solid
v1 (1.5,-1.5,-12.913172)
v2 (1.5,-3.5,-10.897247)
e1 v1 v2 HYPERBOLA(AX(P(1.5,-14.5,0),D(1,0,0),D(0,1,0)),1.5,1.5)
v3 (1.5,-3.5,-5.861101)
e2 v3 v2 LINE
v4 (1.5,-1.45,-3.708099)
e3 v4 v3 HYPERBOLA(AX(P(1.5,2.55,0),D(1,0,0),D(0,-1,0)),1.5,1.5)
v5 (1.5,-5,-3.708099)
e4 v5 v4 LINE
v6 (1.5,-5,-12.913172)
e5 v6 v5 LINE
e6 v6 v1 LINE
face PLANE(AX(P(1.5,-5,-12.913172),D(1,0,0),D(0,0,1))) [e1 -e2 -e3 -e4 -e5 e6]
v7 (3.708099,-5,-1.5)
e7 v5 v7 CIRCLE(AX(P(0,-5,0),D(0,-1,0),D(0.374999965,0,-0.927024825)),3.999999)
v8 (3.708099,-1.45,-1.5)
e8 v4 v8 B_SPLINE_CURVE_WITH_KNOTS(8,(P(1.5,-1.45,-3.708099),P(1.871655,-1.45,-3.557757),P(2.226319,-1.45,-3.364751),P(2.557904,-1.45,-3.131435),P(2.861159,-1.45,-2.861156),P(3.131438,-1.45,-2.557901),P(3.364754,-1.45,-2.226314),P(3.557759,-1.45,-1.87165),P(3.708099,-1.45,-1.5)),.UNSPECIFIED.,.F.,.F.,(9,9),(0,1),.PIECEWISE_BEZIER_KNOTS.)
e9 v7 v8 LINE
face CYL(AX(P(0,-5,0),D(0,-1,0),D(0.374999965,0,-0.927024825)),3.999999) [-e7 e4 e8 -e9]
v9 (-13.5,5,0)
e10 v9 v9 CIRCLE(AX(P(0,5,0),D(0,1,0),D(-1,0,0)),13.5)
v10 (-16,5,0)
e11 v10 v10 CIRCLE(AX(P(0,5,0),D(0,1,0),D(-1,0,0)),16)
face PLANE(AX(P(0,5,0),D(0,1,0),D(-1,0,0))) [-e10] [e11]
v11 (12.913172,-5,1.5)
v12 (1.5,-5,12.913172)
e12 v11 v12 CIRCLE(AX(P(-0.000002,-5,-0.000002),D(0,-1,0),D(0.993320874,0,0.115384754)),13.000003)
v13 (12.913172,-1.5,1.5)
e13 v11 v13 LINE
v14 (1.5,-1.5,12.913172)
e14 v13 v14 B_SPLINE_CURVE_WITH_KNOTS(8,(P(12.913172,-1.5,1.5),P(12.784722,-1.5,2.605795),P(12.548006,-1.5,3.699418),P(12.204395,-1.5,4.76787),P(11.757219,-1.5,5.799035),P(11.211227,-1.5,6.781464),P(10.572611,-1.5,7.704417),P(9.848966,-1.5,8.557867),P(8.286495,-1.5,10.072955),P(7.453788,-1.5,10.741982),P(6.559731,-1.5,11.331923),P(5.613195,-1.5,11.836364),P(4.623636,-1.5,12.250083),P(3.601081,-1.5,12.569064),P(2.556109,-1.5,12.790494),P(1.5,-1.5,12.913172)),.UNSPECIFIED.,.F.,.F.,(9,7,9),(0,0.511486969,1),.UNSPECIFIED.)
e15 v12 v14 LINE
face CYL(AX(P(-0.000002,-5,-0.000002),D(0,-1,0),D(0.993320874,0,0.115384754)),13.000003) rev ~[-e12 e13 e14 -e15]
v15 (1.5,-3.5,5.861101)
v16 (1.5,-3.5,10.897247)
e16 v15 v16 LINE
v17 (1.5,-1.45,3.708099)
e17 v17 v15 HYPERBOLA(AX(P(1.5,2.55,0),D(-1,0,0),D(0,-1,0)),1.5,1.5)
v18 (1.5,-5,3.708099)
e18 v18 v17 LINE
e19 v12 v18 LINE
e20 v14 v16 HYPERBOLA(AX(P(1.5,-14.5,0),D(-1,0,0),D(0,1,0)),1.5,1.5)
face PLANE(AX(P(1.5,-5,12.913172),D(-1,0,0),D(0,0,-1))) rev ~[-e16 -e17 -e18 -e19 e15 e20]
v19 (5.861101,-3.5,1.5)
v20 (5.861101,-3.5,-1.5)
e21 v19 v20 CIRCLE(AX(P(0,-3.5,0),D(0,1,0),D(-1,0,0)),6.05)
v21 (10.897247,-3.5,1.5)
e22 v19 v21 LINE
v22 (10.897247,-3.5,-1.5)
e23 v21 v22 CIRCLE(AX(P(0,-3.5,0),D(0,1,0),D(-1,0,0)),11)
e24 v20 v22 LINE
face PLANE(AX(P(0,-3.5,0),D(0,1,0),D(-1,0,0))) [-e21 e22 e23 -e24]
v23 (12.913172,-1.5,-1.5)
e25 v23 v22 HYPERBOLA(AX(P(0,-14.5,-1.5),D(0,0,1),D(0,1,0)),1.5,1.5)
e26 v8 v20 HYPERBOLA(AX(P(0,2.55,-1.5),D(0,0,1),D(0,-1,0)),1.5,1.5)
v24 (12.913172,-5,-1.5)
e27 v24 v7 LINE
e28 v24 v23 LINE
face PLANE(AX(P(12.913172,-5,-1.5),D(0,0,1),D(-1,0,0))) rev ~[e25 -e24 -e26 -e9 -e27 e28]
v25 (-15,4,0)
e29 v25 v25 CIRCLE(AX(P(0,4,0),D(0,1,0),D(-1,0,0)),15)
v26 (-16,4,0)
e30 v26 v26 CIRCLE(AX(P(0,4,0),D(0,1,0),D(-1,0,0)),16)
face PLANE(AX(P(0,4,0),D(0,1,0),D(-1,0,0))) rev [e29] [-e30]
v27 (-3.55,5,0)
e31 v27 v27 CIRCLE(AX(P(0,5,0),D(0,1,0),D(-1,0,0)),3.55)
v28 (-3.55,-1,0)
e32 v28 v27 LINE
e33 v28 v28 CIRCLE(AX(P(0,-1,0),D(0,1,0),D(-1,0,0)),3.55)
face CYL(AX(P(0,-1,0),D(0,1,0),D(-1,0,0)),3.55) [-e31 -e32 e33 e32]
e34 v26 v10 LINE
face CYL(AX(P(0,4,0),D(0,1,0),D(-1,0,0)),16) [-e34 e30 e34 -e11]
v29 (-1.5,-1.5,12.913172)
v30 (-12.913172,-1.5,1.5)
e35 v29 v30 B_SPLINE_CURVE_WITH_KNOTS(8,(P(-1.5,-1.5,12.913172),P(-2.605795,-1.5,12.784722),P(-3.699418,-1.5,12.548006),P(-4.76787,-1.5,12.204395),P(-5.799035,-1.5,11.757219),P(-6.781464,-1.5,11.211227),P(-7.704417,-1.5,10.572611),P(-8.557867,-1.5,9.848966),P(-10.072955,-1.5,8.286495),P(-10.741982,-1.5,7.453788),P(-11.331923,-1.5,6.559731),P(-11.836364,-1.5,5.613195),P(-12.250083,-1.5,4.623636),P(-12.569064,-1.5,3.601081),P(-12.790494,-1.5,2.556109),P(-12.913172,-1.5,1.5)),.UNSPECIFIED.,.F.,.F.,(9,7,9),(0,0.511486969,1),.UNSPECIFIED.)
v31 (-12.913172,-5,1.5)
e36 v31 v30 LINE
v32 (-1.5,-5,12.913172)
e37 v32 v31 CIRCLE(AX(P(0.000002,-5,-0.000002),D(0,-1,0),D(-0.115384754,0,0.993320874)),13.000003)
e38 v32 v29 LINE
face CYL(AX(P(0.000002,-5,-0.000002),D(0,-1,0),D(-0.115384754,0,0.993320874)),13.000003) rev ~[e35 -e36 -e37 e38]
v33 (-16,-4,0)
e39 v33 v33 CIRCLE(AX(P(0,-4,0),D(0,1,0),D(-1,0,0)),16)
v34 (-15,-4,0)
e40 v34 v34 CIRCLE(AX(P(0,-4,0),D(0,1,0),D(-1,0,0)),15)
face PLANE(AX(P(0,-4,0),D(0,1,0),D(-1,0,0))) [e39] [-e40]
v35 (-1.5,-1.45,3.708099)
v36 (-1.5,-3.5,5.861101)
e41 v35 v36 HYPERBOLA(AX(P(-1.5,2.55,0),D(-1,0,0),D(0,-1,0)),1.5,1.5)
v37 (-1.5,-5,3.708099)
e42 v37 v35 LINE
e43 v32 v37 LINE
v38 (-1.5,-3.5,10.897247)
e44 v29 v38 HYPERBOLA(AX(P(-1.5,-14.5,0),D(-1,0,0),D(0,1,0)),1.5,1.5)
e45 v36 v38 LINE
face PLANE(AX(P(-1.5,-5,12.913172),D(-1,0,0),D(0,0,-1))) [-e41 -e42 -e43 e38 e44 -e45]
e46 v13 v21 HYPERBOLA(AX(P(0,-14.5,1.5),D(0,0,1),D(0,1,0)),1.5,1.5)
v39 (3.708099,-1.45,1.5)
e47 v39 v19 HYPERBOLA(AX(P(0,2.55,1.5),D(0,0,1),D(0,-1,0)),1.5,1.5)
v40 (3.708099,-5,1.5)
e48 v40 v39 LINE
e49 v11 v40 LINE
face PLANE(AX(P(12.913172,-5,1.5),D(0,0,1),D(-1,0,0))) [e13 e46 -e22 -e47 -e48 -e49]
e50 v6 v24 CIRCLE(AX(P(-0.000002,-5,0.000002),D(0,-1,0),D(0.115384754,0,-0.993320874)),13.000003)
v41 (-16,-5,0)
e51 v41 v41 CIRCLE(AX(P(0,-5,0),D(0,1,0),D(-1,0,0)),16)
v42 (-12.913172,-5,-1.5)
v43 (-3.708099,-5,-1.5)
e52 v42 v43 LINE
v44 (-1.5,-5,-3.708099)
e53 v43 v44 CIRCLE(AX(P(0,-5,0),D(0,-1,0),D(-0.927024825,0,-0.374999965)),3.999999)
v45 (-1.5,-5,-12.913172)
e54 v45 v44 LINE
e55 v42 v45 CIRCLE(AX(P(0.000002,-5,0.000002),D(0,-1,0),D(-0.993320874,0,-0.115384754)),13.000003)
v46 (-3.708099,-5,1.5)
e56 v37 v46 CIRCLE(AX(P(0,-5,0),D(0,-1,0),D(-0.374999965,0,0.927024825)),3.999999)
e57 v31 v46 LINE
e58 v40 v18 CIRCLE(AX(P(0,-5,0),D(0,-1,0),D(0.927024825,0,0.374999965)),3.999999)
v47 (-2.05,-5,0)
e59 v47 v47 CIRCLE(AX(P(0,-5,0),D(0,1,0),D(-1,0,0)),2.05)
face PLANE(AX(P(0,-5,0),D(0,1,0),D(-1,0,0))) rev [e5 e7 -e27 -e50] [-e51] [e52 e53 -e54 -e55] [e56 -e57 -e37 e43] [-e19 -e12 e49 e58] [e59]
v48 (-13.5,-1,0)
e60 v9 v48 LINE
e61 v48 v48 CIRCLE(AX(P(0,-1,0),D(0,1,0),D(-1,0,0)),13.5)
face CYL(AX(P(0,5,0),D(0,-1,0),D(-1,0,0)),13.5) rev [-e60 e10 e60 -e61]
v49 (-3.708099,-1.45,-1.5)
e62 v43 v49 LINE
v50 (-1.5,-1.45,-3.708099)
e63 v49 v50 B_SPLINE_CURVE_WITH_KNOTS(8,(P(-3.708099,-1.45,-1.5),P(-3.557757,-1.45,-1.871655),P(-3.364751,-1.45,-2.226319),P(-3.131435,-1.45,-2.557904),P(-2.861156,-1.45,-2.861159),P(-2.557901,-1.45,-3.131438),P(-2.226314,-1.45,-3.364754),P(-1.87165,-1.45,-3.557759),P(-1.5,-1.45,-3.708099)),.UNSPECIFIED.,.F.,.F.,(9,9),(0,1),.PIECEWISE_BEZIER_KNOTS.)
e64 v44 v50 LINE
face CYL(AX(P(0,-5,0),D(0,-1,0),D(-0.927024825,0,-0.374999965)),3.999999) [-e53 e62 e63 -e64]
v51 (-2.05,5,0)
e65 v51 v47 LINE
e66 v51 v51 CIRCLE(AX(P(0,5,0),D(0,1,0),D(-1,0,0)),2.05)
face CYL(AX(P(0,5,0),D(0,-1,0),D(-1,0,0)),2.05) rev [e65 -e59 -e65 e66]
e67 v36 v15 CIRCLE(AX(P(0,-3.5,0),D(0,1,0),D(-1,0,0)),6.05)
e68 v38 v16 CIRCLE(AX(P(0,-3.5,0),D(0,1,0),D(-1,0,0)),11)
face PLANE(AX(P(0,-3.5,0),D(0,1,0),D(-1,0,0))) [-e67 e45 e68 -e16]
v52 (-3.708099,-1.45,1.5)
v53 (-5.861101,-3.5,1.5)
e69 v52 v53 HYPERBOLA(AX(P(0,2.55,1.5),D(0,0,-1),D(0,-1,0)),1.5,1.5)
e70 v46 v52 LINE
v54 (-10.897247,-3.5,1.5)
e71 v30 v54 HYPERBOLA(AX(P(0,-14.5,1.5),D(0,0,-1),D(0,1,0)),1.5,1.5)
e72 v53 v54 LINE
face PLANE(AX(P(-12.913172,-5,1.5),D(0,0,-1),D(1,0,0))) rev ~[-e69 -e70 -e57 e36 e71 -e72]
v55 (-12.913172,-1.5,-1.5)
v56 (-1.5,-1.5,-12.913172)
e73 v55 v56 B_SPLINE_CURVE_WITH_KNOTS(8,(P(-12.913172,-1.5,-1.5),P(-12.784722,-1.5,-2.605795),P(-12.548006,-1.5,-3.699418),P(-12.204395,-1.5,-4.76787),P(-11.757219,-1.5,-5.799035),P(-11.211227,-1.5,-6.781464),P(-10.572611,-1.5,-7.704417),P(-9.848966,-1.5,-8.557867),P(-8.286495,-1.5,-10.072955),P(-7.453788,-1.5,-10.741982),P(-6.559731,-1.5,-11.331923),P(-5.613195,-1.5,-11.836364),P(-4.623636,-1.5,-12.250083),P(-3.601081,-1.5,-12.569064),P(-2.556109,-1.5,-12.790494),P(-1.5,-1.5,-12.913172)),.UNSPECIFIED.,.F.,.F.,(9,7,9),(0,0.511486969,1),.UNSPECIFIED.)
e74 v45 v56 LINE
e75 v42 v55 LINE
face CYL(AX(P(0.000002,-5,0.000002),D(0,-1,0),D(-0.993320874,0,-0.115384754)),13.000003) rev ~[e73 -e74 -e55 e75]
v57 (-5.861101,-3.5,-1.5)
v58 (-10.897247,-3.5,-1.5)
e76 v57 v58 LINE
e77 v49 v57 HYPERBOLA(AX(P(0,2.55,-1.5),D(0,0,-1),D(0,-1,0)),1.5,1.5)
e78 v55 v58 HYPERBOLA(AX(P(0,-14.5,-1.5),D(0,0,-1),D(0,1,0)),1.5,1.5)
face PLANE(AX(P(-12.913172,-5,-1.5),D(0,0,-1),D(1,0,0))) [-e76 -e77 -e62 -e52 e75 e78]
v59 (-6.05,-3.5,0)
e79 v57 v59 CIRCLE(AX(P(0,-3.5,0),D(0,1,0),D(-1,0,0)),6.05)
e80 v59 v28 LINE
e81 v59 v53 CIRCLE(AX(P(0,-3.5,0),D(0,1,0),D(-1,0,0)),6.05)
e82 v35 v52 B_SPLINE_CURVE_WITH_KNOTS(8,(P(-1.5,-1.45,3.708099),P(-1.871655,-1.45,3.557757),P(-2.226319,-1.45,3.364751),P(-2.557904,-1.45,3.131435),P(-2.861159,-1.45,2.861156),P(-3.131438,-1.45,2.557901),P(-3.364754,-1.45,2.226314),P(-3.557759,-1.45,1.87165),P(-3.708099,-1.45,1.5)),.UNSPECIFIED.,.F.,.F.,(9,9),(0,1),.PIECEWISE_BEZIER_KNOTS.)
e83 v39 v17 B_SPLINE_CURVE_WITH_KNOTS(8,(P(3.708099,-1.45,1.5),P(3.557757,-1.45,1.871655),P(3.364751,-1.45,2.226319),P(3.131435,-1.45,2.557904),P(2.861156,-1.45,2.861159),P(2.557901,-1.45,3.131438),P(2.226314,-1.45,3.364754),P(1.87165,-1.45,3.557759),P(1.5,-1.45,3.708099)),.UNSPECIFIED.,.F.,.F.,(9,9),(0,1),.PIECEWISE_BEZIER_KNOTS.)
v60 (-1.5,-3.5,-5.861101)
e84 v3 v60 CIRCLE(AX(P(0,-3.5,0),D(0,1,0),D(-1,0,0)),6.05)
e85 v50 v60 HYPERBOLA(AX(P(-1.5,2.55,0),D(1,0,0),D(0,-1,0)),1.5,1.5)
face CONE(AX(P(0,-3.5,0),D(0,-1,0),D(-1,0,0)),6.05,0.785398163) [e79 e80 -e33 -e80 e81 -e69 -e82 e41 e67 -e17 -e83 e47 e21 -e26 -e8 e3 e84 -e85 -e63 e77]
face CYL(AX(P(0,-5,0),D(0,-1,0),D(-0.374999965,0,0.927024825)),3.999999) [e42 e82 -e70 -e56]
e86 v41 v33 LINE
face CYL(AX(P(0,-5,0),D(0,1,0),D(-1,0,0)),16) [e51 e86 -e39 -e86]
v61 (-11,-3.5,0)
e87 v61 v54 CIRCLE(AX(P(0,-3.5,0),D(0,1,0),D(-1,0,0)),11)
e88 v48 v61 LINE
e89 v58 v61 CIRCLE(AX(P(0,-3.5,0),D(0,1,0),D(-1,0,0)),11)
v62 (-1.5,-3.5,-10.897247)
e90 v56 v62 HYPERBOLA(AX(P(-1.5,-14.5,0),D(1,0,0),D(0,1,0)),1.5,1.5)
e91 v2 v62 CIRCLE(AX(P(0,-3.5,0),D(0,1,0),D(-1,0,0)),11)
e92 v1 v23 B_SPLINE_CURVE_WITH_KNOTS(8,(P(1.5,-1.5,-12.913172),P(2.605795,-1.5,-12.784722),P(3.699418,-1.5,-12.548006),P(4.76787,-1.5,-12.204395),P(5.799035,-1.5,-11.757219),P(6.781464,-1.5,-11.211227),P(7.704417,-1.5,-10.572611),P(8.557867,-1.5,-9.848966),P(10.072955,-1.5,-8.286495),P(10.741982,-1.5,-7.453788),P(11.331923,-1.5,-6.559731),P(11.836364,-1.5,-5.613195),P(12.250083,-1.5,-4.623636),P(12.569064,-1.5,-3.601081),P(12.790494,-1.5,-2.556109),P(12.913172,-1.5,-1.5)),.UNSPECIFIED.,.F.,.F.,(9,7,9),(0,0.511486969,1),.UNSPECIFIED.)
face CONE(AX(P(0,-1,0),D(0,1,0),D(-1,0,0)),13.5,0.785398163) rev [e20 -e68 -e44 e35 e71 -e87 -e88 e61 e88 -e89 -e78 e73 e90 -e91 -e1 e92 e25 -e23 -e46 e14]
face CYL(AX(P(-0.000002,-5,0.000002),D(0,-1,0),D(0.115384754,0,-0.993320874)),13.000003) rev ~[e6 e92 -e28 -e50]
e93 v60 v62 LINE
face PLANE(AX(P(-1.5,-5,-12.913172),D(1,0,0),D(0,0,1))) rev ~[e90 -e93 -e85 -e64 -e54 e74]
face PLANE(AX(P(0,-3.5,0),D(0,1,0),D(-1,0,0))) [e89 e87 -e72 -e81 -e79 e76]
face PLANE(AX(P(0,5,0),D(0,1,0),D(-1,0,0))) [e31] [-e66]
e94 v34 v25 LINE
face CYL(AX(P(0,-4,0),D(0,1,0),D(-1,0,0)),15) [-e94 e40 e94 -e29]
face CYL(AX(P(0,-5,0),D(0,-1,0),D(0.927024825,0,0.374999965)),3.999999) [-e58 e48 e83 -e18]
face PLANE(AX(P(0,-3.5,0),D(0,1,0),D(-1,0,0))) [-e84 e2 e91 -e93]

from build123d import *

# Parameters (mm, degrees)
POCKET_DEPTH       = 5
POLARPATTERN_COUNT = 4


with BuildPart() as part:
    # Sketch → Revolution (revolve)
    with BuildSketch(Plane.XY):
        Polygon((-2.05, 5), (-2.05, -5), (-16, -5), (-16, -4), (-15, -4), (-15, 4), (-16, 4), (-16, 5), (-13.5, 5), (-13.5, -1), (-11, -3.5), (-6.05, -3.5), (-3.55, -1), (-3.55, 5), align=None)
    revolve(axis=Axis((0, 0, 0), (0, 1, 0)))

    # Sketch001 → Pocket (cut)
    with BuildSketch(Plane.XZ.offset(5)):
        with BuildLine():
            ThreePointArc((-1.5, 3.708099), (-2.828427, 2.828427), (-3.708099, 1.5))
            Line((-12.913172, 1.5), (-3.708099, 1.5))
            ThreePointArc((-1.5, 12.913172), (-9.192388, 9.192388), (-12.913172, 1.5))
            Line((-1.5, 12.913172), (-1.5, 3.708099))
        make_face()
    pocket = extrude(amount=-POCKET_DEPTH, mode=Mode.SUBTRACT)

    # PolarPattern: Pocket ×4 about axis
    polarpattern_axis = Axis((0, -5, 0), (0, -1, 0))
    for i in range(1, POLARPATTERN_COUNT):
        add(pocket.rotate(polarpattern_axis, i * 360 / POLARPATTERN_COUNT), mode=Mode.SUBTRACT)


solid = part.part
